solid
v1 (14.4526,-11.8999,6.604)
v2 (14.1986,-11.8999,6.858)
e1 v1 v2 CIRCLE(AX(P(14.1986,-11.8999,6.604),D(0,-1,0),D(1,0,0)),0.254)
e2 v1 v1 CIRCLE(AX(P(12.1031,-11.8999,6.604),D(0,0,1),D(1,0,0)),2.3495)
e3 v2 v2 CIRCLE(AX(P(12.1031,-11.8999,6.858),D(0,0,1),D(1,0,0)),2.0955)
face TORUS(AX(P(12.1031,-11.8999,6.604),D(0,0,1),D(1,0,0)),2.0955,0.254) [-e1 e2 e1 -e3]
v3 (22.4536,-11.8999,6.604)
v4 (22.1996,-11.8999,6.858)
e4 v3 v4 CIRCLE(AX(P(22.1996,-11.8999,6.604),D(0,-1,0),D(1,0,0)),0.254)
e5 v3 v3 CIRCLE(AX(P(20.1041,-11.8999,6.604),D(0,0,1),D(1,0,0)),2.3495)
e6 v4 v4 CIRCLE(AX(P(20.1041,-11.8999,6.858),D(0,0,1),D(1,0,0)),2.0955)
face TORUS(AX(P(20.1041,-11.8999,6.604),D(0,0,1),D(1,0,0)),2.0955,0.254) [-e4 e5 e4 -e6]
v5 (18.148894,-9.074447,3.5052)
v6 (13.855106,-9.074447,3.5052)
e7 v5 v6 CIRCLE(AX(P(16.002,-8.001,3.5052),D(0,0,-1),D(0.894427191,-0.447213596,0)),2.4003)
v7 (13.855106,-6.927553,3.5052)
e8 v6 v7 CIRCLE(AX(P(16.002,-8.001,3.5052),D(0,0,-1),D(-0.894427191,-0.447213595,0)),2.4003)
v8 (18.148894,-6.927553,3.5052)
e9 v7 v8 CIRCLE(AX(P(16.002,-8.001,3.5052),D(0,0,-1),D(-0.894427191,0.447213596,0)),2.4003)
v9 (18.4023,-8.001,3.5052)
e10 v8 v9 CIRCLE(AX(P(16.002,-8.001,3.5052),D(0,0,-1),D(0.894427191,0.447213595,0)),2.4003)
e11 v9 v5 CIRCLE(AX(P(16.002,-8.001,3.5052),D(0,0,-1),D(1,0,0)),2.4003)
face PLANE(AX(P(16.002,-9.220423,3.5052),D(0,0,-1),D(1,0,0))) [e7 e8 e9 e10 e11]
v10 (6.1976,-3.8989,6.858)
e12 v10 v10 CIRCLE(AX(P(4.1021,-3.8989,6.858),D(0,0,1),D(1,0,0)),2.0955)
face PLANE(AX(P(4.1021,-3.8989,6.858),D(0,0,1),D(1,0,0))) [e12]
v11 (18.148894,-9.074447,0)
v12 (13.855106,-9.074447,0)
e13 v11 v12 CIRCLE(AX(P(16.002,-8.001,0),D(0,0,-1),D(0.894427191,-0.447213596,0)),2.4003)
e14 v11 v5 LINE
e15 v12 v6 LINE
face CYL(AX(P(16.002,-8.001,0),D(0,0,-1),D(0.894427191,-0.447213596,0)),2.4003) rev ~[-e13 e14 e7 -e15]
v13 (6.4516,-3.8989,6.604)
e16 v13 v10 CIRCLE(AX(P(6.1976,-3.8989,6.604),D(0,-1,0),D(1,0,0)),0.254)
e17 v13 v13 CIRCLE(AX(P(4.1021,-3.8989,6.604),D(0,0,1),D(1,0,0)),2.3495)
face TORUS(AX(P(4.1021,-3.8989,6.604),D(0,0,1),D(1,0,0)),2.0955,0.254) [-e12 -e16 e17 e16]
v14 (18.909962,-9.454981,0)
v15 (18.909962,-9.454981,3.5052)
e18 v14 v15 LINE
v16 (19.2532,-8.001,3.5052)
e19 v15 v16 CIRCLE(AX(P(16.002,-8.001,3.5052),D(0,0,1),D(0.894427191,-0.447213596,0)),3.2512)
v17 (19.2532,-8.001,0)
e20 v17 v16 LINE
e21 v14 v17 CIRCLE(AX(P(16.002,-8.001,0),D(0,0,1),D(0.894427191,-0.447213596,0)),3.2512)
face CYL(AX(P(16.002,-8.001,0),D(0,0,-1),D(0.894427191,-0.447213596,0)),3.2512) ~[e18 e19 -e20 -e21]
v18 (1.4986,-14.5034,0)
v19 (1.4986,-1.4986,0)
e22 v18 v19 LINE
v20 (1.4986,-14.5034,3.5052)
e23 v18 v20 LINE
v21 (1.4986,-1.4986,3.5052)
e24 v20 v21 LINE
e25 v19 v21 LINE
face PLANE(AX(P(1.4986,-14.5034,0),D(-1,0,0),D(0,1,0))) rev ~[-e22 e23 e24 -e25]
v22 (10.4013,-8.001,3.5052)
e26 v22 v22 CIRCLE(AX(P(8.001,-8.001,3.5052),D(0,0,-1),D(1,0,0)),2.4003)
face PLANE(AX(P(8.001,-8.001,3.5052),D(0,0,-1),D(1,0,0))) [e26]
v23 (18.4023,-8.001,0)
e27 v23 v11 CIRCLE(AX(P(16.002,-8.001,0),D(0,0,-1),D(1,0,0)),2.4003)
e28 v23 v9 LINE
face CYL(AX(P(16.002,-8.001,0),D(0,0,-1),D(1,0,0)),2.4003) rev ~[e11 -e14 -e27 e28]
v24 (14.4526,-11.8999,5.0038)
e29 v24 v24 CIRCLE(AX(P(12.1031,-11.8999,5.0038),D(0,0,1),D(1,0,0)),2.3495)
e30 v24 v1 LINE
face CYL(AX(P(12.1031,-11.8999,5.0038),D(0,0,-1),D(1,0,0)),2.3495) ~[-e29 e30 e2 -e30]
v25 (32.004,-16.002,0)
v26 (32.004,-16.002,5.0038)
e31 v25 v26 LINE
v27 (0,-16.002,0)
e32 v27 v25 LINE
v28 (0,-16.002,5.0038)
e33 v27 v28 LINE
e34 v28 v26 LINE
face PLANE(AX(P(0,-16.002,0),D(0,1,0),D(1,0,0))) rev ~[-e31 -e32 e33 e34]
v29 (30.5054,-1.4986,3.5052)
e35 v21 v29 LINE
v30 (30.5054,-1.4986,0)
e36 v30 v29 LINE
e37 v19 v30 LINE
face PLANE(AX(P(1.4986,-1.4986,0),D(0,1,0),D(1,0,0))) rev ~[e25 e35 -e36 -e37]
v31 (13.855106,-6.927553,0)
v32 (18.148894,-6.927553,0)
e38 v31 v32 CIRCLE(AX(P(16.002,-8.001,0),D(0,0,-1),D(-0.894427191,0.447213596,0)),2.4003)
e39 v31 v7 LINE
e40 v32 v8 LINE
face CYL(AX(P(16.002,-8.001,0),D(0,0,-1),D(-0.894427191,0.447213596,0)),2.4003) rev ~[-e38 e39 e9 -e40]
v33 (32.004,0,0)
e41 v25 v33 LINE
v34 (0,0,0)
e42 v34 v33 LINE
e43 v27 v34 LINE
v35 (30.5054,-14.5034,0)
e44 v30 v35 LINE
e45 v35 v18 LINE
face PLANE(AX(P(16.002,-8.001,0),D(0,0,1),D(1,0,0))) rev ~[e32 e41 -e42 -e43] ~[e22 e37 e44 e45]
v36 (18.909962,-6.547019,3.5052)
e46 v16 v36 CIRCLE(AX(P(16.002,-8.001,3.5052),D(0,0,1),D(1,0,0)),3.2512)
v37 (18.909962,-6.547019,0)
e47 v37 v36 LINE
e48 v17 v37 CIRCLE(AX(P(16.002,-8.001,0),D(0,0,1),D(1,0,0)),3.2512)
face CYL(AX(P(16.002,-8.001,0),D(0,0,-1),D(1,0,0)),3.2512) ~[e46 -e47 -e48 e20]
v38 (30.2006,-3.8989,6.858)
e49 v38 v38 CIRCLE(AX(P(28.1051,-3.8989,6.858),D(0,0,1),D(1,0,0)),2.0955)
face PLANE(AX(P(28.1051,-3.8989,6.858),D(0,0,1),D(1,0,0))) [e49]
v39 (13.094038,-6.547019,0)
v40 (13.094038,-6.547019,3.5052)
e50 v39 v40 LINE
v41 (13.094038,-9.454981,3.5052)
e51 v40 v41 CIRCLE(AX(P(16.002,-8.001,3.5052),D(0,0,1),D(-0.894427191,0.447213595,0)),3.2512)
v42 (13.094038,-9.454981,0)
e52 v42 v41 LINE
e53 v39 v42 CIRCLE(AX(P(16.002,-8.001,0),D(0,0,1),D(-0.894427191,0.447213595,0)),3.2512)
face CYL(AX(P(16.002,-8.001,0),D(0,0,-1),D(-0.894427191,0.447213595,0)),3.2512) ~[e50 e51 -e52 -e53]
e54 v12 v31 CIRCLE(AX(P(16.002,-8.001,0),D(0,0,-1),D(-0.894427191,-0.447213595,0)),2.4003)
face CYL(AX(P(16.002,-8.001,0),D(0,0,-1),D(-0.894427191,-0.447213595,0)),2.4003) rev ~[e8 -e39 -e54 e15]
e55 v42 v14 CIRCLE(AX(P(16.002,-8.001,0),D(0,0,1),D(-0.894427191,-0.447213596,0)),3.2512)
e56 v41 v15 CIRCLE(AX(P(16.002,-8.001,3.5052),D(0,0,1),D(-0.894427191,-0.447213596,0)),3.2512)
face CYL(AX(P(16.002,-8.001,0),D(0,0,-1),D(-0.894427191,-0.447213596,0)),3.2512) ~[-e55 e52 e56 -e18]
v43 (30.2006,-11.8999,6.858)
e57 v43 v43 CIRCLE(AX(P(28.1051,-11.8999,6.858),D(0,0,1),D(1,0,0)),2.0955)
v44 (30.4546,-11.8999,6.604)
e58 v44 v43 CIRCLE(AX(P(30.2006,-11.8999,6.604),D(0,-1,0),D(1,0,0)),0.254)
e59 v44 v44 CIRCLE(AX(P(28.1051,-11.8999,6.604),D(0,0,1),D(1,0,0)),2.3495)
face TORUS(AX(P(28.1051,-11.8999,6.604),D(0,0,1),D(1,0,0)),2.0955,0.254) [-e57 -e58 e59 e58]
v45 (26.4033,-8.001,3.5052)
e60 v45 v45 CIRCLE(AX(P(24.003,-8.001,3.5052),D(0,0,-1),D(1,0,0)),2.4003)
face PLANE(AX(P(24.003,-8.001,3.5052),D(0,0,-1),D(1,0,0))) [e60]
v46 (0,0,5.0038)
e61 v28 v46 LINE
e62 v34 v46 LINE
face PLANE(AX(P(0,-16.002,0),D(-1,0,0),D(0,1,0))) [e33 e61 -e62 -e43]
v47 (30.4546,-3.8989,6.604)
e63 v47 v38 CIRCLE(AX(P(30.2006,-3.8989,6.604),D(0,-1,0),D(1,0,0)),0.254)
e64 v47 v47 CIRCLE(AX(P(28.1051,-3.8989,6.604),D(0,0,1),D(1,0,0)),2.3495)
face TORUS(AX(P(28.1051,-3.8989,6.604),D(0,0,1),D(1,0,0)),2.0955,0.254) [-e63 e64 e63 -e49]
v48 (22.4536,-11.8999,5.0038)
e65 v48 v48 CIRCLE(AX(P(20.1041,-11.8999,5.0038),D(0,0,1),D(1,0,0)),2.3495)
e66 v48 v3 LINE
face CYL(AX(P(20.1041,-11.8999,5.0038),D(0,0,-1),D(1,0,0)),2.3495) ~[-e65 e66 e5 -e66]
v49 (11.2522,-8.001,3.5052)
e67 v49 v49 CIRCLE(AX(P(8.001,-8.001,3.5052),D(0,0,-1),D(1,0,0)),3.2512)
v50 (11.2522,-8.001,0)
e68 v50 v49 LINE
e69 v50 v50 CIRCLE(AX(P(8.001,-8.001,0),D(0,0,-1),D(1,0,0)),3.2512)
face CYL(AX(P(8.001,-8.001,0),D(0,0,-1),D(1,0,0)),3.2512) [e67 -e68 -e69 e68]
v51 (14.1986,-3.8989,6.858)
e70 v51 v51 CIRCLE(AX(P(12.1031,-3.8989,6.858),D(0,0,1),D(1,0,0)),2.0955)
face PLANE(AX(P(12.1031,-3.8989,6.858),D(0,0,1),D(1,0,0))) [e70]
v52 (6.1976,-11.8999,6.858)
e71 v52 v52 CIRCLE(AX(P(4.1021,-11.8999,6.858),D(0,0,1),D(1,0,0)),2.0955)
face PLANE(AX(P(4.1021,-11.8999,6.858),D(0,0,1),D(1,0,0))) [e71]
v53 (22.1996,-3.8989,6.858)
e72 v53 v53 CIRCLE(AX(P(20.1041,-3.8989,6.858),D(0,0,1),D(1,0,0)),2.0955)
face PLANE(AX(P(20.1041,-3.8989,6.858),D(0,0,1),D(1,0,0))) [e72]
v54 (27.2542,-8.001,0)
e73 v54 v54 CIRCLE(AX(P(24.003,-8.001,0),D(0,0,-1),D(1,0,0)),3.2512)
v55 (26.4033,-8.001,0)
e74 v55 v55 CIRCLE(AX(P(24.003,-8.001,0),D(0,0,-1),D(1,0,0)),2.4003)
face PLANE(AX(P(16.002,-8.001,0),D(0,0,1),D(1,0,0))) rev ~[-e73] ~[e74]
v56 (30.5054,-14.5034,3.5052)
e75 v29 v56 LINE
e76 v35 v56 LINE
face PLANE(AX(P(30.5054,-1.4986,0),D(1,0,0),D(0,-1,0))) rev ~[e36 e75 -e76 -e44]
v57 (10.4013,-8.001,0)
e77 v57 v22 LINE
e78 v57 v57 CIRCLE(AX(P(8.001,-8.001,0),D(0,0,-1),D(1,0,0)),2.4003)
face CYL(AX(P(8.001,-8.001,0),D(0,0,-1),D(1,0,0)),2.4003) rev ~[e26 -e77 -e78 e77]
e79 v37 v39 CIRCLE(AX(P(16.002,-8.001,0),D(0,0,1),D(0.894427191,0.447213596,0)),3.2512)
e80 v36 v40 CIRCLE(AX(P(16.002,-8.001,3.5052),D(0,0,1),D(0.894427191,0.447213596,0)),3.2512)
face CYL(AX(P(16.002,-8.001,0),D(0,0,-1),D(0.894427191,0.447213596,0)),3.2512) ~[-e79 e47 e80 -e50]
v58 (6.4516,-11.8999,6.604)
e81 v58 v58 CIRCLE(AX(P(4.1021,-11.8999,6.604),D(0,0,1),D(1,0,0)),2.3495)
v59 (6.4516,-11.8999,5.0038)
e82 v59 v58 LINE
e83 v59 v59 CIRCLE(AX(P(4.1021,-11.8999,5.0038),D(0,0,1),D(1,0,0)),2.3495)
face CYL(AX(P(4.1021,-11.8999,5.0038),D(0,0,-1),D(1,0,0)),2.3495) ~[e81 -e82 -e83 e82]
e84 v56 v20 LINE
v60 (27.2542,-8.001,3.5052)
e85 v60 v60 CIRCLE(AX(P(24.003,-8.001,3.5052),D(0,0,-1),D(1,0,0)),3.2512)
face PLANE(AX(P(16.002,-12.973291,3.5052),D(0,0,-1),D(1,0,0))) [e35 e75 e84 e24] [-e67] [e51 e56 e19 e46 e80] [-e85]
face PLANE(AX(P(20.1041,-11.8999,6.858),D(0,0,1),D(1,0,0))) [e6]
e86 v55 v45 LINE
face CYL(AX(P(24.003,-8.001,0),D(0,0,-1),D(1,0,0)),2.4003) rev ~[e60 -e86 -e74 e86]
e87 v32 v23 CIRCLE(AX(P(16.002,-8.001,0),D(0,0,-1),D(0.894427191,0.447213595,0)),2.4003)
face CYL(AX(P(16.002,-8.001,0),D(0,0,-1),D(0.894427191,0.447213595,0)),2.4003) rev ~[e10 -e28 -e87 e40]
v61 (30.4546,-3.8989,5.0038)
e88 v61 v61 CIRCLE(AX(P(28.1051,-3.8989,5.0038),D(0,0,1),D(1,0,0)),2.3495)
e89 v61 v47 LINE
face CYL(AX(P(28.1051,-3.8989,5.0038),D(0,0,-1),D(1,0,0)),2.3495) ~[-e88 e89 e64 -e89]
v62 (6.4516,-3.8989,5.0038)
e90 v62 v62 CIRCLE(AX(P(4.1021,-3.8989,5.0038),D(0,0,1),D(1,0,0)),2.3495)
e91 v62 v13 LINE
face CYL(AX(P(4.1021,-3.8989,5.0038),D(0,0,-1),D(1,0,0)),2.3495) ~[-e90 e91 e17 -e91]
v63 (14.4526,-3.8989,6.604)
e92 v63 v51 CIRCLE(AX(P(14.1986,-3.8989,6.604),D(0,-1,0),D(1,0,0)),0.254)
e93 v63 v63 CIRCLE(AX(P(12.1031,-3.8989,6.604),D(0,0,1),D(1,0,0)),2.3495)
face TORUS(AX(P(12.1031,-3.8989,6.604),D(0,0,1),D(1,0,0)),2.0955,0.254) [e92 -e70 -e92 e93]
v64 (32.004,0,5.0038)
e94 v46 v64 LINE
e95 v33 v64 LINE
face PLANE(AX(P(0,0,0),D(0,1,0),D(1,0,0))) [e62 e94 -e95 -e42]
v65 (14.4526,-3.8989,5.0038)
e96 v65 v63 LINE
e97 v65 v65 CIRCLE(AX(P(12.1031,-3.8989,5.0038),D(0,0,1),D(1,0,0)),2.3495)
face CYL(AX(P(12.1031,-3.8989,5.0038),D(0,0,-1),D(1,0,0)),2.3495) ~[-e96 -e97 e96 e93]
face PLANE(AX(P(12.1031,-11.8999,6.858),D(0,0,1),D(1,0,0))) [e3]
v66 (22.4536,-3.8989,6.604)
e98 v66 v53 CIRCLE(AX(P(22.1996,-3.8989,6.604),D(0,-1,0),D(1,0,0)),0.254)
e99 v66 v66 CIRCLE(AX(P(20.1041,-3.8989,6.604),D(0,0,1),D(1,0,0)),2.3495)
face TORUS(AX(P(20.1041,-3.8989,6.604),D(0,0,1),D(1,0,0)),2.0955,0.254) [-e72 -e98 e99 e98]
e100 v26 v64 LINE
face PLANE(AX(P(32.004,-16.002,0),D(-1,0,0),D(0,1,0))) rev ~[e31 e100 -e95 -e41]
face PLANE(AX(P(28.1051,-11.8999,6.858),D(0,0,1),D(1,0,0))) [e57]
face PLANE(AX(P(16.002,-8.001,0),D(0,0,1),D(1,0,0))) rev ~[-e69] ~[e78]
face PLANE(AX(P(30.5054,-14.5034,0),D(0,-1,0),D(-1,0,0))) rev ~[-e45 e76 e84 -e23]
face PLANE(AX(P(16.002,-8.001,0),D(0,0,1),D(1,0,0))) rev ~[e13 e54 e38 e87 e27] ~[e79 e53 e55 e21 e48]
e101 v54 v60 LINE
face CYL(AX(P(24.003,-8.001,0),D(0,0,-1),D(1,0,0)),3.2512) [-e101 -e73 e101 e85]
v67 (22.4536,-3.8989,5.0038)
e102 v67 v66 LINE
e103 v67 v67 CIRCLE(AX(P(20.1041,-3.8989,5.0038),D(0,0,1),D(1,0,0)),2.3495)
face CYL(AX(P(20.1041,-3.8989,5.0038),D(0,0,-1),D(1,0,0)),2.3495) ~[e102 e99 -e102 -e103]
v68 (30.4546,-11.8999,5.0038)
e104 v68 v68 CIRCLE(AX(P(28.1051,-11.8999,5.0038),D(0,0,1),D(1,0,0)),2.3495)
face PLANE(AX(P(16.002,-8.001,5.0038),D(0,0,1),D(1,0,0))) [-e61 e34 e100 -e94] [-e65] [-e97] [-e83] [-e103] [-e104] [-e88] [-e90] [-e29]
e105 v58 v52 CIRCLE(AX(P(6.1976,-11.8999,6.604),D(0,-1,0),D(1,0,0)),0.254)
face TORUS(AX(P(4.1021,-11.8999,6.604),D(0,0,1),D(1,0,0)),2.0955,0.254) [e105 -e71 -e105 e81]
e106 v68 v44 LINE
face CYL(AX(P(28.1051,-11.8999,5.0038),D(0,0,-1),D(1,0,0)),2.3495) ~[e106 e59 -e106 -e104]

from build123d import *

# Parameters (mm, degrees)
F0_W      = 32.004
F0_H      = 16.002
F1_DEPTH  = 5.0038
F2_R      = 2.3495
F3_DEPTH  = 1.8542
F4_R      = 0.254
F5_R      = 3.2512
F5_R_2    = 2.4003
F1_FACE_W = 32.004
F1_FACE_H = 16.002
F1_FACE_R = 2.3495
F6_DEPTH  = 3.5052


with BuildPart() as f1:
    # F0 (on Top) → F1 (new body)
    with BuildSketch(Plane.XY):
        with Locations((16.002, -8.001)):
            Rectangle(F0_W, F0_H)
    extrude(amount=F1_DEPTH)

    # F2 (on face) → F3 (join)
    with BuildSketch(Plane.XY.offset(5.0038)):
        with Locations((28.1051, -3.8989)):
            Circle(F2_R)
        with Locations((28.1051, -11.8999)):
            Circle(F2_R)
        with Locations((20.1041, -11.8999)):
            Circle(F2_R)
        with Locations((20.1041, -3.8989)):
            Circle(F2_R)
        with Locations((12.1031, -3.8989)):
            Circle(F2_R)
        with Locations((12.1031, -11.8999)):
            Circle(F2_R)
        with Locations((4.1021, -11.8999)):
            Circle(F2_R)
        with Locations((4.1021, -3.8989)):
            Circle(F2_R)
    extrude(amount=F3_DEPTH)

    # F4
    f4_edges = [f1.edges().sort_by_distance(p)[0] for p in [
        (25.7556, -3.8989, 6.858),
        (25.7556, -11.8999, 6.858),
        (17.7546, -11.8999, 6.858),
        (17.7546, -3.8989, 6.858),
        (9.7536, -3.8989, 6.858),
        (9.7536, -11.8999, 6.858),
        (1.7526, -11.8999, 6.858),
        (1.7526, -3.8989, 6.858),
    ]]
    fillet(f4_edges, radius=F4_R)

    # F5 (on face) + F1_face (on face) → F6 (cut)
    with BuildSketch(Plane(origin=(0, 0, 0), x_dir=(1, 0, 0), z_dir=(0, 0, -1))):
        with BuildLine():
            Line((29.0068, 14.5034), (2.9972, 14.5034))
            Line((2.9972, 14.5034), (13.0940383166, 9.4549808417))
            ThreePointArc((13.0940383166, 9.4549808417), (16.002, 11.2522), (18.9099616834, 9.4549808417))
            Line((18.9099616834, 9.4549808417), (29.0068, 14.5034))
        make_face()
        with BuildLine():
            Line((1.4986, 14.5034), (1.4986, 1.4986))
            Line((1.4986, 1.4986), (2.9972, 1.4986))
            Line((2.9972, 1.4986), (13.0940383166, 6.5470191583))
            ThreePointArc((13.0940383166, 6.5470191583), (12.7508, 8.001), (13.0940383166, 9.4549808417))
            Line((13.0940383166, 9.4549808417), (2.9972, 14.5034))
            Line((2.9972, 14.5034), (1.4986, 14.5034))
        make_face()
        with Locations((8.001, 8.001)):
            Circle(F5_R, mode=Mode.SUBTRACT)
        with BuildLine():
            Line((18.9099616834, 6.5470191583), (29.0068, 1.4986))
            Line((29.0068, 1.4986), (30.5054, 1.4986))
            Line((30.5054, 1.4986), (30.5054, 14.5034))
            Line((30.5054, 14.5034), (29.0068, 14.5034))
            Line((29.0068, 14.5034), (18.9099616834, 9.4549808417))
            ThreePointArc((18.9099616834, 9.4549808417), (19.1662271146, 8.7479726953), (19.2532, 8.001))
            ThreePointArc((19.2532, 8.001), (19.1662271146, 7.2540273047), (18.9099616834, 6.5470191583))
        make_face()
        with Locations((24.003, 8.001)):
            Circle(F5_R, mode=Mode.SUBTRACT)
        with Locations((24.003, 8.001)):
            Circle(F5_R_2)
        with BuildLine():
            Line((13.0940383166, 6.5470191583), (2.9972, 1.4986))
            Line((2.9972, 1.4986), (29.0068, 1.4986))
            Line((29.0068, 1.4986), (18.9099616834, 6.5470191583))
            ThreePointArc((18.9099616834, 6.5470191583), (16.002, 4.7498), (13.0940383166, 6.5470191583))
        make_face()
        with BuildLine():
            Line((13.8551064134, 9.0744467933), (16.002, 8.001))
            Line((16.002, 8.001), (18.1488935866, 9.0744467933))
            ThreePointArc((18.1488935866, 9.0744467933), (16.002, 10.4013), (13.8551064134, 9.0744467933))
        make_face()
        with BuildLine():
            Line((16.002, 8.001), (18.1488935866, 6.9275532067))
            ThreePointArc((18.1488935866, 6.9275532067), (18.3380895494, 7.4495240648), (18.4023, 8.001))
            ThreePointArc((18.4023, 8.001), (18.3380895494, 8.5524759352), (18.1488935866, 9.0744467933))
            Line((18.1488935866, 9.0744467933), (16.002, 8.001))
        make_face()
        with BuildLine():
            Line((16.002, 8.001), (13.8551064134, 6.9275532067))
            ThreePointArc((13.8551064134, 6.9275532067), (16.002, 5.6007), (18.1488935866, 6.9275532067))
            Line((18.1488935866, 6.9275532067), (16.002, 8.001))
        make_face()
        with BuildLine():
            ThreePointArc((13.8551064134, 9.0744467933), (13.6017, 8.001), (13.8551064134, 6.9275532067))
            Line((13.8551064134, 6.9275532067), (16.002, 8.001))
            Line((16.002, 8.001), (13.8551064134, 9.0744467933))
        make_face()
        with Locations((8.001, 8.001)):
            Circle(F5_R_2)
    with BuildSketch(Plane(origin=(16.002, -8.001, 5.0038), x_dir=(1, 0, 0), z_dir=(0, 0, 1))):
        Rectangle(F1_FACE_W, F1_FACE_H)
        with Locations((-11.8999, -3.8989)):
            Circle(F1_FACE_R, mode=Mode.SUBTRACT)
        with Locations((-3.8989, -3.8989)):
            Circle(F1_FACE_R, mode=Mode.SUBTRACT)
        with Locations((4.1021, -3.8989)):
            Circle(F1_FACE_R, mode=Mode.SUBTRACT)
        with Locations((12.1031, -3.8989)):
            Circle(F1_FACE_R, mode=Mode.SUBTRACT)
        with Locations((-11.8999, 4.1021)):
            Circle(F1_FACE_R, mode=Mode.SUBTRACT)
        with Locations((-3.8989, 4.1021)):
            Circle(F1_FACE_R, mode=Mode.SUBTRACT)
        with Locations((4.1021, 4.1021)):
            Circle(F1_FACE_R, mode=Mode.SUBTRACT)
        with Locations((12.1031, 4.1021)):
            Circle(F1_FACE_R, mode=Mode.SUBTRACT)
    extrude(amount=-F6_DEPTH, dir=(0, 0, -1), mode=Mode.SUBTRACT)


solid = f1.part
